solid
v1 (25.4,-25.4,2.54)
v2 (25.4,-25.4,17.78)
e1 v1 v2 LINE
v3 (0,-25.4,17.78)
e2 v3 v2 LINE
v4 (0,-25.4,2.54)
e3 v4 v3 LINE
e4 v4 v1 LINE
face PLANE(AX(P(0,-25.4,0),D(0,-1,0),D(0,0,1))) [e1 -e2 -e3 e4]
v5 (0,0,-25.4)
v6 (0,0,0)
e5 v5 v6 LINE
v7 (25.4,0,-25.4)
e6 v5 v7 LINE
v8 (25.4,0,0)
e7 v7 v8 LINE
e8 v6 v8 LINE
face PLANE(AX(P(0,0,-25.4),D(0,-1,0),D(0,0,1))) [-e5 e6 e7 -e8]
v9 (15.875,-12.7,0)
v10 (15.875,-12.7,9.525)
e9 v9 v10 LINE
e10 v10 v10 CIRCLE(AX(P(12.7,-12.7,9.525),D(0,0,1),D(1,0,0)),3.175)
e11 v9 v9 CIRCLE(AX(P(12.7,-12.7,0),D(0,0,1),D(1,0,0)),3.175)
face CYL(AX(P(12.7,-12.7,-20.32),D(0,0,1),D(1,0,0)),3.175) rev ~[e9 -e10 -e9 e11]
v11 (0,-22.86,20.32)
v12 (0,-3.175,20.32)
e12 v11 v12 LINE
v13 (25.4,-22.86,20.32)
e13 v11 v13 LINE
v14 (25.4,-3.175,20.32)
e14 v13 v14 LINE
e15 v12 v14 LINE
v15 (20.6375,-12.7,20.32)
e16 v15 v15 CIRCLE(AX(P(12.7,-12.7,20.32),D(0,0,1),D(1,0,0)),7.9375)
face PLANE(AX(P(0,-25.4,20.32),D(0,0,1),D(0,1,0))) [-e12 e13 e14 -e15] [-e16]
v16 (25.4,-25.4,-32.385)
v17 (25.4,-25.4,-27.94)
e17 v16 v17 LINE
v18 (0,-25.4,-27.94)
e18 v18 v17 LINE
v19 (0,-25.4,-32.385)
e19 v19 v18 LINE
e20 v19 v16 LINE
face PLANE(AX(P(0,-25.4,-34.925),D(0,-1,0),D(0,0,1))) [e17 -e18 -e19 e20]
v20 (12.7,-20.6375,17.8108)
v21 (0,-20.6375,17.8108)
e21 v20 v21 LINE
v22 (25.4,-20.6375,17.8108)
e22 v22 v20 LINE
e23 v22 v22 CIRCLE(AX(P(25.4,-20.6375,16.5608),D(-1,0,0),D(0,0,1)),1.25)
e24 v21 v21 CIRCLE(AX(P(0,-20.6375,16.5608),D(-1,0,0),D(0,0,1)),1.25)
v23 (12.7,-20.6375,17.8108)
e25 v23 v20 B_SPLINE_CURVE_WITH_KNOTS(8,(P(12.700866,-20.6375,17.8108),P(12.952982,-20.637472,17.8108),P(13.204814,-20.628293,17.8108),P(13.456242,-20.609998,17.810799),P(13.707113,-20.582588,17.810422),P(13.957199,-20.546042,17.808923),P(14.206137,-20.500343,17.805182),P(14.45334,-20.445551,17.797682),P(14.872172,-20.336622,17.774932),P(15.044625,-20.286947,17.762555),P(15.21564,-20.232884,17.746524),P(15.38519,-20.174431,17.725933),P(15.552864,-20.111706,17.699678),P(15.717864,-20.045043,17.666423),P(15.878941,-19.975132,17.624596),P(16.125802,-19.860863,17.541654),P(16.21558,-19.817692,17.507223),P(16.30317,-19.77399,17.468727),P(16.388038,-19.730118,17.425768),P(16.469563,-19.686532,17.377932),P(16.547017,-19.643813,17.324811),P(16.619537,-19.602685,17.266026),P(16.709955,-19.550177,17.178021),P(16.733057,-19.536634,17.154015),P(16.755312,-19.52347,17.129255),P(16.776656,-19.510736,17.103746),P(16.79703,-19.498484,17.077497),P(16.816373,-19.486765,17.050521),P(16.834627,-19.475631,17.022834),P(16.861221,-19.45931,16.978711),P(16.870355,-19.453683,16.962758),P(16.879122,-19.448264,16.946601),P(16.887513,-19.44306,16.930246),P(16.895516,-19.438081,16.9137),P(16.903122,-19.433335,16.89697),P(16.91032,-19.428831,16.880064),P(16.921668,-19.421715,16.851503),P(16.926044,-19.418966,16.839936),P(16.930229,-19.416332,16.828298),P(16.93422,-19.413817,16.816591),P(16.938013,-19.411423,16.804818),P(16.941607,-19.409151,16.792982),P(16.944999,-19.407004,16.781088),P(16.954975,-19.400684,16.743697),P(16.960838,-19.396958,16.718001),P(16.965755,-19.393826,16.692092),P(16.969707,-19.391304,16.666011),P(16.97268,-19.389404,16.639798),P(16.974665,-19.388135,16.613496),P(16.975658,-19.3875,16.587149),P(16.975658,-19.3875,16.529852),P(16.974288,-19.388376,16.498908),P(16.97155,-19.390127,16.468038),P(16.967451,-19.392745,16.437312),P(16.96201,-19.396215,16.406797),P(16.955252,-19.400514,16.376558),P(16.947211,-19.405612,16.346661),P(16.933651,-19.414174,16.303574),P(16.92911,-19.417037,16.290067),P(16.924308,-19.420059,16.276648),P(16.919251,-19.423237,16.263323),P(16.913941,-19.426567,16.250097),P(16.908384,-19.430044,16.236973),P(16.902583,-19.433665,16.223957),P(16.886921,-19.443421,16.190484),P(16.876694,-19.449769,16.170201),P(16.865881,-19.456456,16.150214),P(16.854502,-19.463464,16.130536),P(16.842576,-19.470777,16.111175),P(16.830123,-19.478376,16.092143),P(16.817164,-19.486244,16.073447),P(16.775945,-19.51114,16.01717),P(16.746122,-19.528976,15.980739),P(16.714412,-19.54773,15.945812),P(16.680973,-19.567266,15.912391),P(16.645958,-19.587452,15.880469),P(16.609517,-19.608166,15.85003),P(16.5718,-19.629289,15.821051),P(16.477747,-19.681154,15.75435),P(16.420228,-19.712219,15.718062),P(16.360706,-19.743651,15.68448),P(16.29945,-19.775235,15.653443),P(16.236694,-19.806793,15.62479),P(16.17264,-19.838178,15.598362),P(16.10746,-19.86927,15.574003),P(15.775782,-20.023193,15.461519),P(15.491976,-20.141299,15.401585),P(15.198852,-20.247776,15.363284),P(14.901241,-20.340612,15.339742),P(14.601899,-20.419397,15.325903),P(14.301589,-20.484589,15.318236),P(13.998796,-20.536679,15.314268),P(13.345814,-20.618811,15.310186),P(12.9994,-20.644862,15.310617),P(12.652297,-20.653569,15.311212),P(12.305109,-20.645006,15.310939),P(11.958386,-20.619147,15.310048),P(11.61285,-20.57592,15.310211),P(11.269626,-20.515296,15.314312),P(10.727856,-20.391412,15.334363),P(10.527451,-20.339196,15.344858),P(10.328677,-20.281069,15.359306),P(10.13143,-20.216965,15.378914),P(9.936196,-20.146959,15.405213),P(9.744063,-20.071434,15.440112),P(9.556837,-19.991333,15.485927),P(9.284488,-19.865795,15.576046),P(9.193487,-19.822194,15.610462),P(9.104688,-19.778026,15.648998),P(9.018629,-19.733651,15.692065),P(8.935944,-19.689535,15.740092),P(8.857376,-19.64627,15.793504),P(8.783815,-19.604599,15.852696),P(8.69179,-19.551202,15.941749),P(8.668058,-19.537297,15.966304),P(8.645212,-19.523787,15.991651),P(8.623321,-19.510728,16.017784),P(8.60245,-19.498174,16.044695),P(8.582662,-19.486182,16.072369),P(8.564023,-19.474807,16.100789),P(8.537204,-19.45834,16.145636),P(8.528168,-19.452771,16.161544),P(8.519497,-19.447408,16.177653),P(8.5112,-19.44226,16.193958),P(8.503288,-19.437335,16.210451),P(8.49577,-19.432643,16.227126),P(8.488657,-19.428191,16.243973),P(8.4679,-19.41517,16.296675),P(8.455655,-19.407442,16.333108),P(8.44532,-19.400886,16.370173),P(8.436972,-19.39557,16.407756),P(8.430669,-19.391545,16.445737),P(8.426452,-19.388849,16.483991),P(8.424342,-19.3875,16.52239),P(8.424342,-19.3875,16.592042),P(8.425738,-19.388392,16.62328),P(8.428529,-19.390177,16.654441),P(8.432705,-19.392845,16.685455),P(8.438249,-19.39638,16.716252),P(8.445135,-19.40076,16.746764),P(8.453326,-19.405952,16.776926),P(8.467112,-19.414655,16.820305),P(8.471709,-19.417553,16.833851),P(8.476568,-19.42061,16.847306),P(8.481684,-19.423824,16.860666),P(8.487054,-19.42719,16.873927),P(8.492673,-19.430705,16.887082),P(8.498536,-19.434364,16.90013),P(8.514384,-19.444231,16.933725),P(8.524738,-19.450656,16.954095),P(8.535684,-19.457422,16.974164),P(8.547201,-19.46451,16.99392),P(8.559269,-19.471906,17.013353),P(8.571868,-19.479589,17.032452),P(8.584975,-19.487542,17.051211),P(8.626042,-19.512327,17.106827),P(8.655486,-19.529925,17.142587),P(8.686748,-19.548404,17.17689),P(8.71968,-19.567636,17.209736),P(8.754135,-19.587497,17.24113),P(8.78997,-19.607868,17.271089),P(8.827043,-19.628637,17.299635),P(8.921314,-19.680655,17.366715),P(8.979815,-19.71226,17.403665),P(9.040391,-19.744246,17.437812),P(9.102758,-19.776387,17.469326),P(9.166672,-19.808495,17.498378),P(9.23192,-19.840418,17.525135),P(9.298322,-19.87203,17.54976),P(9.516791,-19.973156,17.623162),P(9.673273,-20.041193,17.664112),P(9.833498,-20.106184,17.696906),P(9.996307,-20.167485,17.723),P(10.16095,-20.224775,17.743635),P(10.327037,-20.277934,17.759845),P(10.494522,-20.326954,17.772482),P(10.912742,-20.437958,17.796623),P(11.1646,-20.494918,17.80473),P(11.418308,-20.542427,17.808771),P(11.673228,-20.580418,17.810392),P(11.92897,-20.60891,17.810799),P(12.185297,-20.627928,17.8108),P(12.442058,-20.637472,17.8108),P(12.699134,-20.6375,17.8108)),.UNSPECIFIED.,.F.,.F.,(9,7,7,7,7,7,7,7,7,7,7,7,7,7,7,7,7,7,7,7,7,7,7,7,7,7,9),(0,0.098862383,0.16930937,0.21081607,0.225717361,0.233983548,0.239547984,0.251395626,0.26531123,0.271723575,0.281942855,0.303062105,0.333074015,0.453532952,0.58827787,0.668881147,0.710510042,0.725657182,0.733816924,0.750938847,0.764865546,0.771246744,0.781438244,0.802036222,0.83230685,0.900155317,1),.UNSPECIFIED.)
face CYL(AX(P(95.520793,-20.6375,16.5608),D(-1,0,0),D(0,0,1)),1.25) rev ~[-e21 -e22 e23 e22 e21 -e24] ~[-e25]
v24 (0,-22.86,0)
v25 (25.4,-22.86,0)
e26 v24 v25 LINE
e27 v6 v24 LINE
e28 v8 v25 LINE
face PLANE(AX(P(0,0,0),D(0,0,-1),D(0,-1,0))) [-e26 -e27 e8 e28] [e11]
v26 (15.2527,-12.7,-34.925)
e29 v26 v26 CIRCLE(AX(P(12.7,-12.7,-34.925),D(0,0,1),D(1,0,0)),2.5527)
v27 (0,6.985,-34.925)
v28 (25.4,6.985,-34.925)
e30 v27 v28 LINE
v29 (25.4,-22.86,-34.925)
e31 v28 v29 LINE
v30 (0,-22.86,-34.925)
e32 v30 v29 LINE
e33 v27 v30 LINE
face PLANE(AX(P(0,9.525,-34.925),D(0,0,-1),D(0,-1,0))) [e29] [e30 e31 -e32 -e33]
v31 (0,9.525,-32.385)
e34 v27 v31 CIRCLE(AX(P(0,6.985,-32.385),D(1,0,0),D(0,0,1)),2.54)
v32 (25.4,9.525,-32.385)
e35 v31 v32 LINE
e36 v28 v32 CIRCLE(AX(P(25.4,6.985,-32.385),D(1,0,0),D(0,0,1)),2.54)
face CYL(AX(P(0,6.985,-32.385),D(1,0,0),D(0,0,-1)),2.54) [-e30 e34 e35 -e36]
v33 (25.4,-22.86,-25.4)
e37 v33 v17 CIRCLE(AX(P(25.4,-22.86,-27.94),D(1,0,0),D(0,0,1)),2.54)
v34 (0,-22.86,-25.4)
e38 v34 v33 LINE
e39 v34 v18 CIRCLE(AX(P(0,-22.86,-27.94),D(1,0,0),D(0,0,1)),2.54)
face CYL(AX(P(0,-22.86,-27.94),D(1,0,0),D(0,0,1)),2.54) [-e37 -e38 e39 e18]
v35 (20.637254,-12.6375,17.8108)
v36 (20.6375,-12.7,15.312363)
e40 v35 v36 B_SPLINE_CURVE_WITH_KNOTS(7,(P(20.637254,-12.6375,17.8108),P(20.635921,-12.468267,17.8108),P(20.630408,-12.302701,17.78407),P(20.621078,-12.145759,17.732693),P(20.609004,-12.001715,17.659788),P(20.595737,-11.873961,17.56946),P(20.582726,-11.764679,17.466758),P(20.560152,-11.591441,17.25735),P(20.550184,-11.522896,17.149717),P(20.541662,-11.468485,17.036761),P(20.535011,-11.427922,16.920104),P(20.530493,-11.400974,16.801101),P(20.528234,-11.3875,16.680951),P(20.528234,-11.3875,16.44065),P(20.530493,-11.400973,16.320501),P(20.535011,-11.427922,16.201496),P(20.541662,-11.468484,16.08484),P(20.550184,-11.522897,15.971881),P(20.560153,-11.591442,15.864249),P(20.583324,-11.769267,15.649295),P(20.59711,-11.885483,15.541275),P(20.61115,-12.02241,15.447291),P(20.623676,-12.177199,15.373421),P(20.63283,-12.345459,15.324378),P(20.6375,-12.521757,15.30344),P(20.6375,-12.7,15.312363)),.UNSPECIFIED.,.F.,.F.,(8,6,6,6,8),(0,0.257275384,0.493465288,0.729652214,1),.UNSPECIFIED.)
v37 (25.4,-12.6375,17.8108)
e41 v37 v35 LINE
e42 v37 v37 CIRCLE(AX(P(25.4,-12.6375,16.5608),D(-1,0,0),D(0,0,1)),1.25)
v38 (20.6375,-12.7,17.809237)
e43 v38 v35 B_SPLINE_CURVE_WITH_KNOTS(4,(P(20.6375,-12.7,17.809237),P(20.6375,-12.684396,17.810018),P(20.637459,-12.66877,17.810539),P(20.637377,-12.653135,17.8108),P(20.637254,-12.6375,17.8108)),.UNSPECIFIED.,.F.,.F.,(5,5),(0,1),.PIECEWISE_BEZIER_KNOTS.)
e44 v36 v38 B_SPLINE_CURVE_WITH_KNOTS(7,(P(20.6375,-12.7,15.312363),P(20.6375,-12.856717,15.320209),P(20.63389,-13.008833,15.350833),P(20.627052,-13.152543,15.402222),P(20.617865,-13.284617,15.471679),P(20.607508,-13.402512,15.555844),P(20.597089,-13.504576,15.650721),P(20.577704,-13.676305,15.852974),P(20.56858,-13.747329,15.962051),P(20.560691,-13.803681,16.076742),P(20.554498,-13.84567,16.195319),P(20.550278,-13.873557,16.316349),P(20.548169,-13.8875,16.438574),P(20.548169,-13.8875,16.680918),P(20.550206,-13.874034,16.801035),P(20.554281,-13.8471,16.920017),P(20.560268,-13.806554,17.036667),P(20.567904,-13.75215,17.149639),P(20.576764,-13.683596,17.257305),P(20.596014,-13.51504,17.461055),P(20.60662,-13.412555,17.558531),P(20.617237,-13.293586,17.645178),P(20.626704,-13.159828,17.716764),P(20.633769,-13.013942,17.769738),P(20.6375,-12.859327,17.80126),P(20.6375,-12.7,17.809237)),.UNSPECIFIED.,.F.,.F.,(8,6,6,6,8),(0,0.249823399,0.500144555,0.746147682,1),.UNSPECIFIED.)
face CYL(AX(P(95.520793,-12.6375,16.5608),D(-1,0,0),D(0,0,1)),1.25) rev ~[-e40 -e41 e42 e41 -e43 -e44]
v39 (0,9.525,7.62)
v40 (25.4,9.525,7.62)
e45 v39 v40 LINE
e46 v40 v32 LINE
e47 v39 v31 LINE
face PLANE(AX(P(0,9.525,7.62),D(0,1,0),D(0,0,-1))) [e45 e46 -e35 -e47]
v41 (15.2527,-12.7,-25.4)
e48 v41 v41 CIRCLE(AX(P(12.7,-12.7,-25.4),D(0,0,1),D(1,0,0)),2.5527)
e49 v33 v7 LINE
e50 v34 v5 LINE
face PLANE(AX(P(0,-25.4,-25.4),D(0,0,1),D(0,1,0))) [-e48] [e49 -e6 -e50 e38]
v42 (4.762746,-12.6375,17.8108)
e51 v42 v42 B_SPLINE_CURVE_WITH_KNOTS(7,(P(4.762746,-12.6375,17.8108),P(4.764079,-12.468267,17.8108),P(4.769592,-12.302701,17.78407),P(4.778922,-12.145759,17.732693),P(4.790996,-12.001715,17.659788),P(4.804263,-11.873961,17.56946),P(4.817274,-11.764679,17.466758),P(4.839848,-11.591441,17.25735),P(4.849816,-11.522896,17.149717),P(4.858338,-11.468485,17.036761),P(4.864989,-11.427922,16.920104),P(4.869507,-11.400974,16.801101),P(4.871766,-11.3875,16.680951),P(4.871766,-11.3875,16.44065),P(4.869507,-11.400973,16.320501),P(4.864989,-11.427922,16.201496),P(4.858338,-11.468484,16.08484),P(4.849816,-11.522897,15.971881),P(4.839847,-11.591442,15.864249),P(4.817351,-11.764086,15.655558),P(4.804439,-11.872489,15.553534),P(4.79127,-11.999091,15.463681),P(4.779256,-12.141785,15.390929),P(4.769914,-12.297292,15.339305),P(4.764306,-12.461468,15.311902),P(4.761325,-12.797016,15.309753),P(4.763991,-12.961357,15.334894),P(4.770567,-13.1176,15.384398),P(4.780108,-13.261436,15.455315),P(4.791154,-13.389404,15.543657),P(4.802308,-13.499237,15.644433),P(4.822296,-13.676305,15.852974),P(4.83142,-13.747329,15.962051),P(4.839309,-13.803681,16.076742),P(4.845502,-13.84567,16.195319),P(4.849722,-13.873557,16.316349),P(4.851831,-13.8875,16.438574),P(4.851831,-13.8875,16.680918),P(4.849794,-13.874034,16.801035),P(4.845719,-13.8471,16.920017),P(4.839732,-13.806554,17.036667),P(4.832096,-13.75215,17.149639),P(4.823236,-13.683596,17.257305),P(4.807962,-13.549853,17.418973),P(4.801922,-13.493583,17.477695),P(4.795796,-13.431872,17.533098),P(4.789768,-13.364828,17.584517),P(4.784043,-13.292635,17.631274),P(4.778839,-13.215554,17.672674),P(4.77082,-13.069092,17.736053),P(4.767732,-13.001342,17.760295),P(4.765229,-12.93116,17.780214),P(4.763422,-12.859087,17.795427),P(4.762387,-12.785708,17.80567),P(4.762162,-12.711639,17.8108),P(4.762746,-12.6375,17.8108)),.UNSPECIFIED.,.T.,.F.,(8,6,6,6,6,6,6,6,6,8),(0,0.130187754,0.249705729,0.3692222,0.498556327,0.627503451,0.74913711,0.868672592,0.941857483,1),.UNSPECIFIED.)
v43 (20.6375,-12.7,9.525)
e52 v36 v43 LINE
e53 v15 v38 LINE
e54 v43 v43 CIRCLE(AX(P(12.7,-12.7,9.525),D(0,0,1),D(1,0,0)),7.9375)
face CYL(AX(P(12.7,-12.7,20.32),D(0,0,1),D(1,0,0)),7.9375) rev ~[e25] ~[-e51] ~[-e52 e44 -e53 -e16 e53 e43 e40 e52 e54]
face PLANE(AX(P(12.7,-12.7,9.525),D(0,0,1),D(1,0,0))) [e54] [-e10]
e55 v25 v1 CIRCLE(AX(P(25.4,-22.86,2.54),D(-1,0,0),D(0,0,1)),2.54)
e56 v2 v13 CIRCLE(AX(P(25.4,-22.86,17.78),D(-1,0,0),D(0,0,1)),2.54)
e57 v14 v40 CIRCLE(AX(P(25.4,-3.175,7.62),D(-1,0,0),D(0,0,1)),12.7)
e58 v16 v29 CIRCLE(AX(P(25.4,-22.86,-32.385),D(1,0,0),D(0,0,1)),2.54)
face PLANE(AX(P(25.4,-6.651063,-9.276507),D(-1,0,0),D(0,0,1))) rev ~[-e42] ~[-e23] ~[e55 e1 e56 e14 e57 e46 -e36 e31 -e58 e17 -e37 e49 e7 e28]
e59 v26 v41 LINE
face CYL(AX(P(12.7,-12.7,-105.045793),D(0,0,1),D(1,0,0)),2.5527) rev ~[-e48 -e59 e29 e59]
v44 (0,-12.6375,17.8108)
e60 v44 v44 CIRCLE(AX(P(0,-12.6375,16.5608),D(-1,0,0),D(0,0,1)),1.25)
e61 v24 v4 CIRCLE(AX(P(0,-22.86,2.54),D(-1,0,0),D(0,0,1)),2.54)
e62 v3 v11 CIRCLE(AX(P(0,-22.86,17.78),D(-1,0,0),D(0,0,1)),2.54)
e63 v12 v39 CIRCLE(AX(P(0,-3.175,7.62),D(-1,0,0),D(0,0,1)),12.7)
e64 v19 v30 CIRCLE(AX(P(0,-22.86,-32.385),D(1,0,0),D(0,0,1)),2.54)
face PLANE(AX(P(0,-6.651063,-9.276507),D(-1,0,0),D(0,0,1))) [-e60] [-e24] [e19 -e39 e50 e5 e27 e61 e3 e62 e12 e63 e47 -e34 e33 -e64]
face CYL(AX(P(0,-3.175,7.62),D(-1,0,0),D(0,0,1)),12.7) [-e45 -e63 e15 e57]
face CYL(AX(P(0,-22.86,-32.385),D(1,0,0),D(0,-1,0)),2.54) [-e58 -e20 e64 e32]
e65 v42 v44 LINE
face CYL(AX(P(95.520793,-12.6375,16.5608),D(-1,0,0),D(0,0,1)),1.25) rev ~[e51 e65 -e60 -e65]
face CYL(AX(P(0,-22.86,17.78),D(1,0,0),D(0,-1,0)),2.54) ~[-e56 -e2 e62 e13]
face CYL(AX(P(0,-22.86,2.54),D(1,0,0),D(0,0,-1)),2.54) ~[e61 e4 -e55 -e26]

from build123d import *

# Parameters (mm, degrees)
BOSS_EXTRUDE1_DEPTH            = 25.4
F_1_4_0_2500_DOWEL_HOLE1_D     = 6.35
F_1_4_0_2500_DOWEL_HOLE1_DEPTH = 20.32
F_10_CLEARANCE_HOLE1_D         = 5.1054
SKETCH8_R                      = 7.9375
CUT_EXTRUDE1_DEPTH             = 10.795
M3X0_5_TAPPED_HOLE1_D          = 2.5
FILLET1_R                      = 2.54


with BuildPart() as part:
    # Sketch1 → Boss-Extrude1 (new body)
    with BuildSketch(Plane(origin=(0, 0, 0), x_dir=(0, 0, -1), z_dir=(1, 0, 0))):
        with BuildLine():
            Line((0, 0), (0, -25.4))
            Line((0, -25.4), (-20.32, -25.4))
            Line((-20.32, -25.4), (-20.32, -3.175))
            ThreePointArc((-20.32, -3.175), (-16.600256121, 5.805256121), (-7.62, 9.525))
            Line((-7.62, 9.525), (34.925, 9.525))
            Line((34.925, 9.525), (34.925, -25.4))
            Line((34.925, -25.4), (25.4, -25.4))
            Line((25.4, -25.4), (25.4, 0))
            Line((25.4, 0), (0, 0))
        make_face()
    extrude(amount=BOSS_EXTRUDE1_DEPTH)

    # 1/4 (0.2500) Dowel Hole1
    with Locations(Plane(origin=(0, 0, 0), x_dir=(-1, 0, 0), z_dir=(0, 0, -1))):
        with Locations((-12.7, -12.7)):
            Hole(F_1_4_0_2500_DOWEL_HOLE1_D / 2, depth=F_1_4_0_2500_DOWEL_HOLE1_DEPTH)

    # #10 Clearance Hole1 (through all)
    with Locations(Plane(origin=(0, 0, -34.925), x_dir=(-1, 0, 0), z_dir=(0, 0, -1))):
        with Locations((-12.7, -12.7)):
            Hole(F_10_CLEARANCE_HOLE1_D / 2)

    # Sketch8 → Cut-Extrude1 (cut)
    with BuildSketch(Plane.XY.offset(20.32)):
        with Locations((12.7, -12.7)):
            Circle(SKETCH8_R)
    extrude(amount=-CUT_EXTRUDE1_DEPTH, mode=Mode.SUBTRACT)

    # M3x0.5 Tapped Hole1 (through all)
    with Locations(Plane(origin=(25.4, 0, 0), x_dir=(0, 0, -1), z_dir=(1, 0, 0))):
        with Locations((-16.5608, -12.6375), (-16.5608, -20.6375)):
            Hole(M3X0_5_TAPPED_HOLE1_D / 2)

    # Fillet1
    fillet1_edges = [part.edges().sort_by_distance(p)[0] for p in [
        (12.7, -25.4, 0),
        (12.7, -25.4, 20.32),
        (12.7, 9.525, -34.925),
        (12.7, -25.4, -34.925),
        (12.7, -25.4, -25.4),
    ]]
    fillet(fillet1_edges, radius=FILLET1_R)


solid = part.part
